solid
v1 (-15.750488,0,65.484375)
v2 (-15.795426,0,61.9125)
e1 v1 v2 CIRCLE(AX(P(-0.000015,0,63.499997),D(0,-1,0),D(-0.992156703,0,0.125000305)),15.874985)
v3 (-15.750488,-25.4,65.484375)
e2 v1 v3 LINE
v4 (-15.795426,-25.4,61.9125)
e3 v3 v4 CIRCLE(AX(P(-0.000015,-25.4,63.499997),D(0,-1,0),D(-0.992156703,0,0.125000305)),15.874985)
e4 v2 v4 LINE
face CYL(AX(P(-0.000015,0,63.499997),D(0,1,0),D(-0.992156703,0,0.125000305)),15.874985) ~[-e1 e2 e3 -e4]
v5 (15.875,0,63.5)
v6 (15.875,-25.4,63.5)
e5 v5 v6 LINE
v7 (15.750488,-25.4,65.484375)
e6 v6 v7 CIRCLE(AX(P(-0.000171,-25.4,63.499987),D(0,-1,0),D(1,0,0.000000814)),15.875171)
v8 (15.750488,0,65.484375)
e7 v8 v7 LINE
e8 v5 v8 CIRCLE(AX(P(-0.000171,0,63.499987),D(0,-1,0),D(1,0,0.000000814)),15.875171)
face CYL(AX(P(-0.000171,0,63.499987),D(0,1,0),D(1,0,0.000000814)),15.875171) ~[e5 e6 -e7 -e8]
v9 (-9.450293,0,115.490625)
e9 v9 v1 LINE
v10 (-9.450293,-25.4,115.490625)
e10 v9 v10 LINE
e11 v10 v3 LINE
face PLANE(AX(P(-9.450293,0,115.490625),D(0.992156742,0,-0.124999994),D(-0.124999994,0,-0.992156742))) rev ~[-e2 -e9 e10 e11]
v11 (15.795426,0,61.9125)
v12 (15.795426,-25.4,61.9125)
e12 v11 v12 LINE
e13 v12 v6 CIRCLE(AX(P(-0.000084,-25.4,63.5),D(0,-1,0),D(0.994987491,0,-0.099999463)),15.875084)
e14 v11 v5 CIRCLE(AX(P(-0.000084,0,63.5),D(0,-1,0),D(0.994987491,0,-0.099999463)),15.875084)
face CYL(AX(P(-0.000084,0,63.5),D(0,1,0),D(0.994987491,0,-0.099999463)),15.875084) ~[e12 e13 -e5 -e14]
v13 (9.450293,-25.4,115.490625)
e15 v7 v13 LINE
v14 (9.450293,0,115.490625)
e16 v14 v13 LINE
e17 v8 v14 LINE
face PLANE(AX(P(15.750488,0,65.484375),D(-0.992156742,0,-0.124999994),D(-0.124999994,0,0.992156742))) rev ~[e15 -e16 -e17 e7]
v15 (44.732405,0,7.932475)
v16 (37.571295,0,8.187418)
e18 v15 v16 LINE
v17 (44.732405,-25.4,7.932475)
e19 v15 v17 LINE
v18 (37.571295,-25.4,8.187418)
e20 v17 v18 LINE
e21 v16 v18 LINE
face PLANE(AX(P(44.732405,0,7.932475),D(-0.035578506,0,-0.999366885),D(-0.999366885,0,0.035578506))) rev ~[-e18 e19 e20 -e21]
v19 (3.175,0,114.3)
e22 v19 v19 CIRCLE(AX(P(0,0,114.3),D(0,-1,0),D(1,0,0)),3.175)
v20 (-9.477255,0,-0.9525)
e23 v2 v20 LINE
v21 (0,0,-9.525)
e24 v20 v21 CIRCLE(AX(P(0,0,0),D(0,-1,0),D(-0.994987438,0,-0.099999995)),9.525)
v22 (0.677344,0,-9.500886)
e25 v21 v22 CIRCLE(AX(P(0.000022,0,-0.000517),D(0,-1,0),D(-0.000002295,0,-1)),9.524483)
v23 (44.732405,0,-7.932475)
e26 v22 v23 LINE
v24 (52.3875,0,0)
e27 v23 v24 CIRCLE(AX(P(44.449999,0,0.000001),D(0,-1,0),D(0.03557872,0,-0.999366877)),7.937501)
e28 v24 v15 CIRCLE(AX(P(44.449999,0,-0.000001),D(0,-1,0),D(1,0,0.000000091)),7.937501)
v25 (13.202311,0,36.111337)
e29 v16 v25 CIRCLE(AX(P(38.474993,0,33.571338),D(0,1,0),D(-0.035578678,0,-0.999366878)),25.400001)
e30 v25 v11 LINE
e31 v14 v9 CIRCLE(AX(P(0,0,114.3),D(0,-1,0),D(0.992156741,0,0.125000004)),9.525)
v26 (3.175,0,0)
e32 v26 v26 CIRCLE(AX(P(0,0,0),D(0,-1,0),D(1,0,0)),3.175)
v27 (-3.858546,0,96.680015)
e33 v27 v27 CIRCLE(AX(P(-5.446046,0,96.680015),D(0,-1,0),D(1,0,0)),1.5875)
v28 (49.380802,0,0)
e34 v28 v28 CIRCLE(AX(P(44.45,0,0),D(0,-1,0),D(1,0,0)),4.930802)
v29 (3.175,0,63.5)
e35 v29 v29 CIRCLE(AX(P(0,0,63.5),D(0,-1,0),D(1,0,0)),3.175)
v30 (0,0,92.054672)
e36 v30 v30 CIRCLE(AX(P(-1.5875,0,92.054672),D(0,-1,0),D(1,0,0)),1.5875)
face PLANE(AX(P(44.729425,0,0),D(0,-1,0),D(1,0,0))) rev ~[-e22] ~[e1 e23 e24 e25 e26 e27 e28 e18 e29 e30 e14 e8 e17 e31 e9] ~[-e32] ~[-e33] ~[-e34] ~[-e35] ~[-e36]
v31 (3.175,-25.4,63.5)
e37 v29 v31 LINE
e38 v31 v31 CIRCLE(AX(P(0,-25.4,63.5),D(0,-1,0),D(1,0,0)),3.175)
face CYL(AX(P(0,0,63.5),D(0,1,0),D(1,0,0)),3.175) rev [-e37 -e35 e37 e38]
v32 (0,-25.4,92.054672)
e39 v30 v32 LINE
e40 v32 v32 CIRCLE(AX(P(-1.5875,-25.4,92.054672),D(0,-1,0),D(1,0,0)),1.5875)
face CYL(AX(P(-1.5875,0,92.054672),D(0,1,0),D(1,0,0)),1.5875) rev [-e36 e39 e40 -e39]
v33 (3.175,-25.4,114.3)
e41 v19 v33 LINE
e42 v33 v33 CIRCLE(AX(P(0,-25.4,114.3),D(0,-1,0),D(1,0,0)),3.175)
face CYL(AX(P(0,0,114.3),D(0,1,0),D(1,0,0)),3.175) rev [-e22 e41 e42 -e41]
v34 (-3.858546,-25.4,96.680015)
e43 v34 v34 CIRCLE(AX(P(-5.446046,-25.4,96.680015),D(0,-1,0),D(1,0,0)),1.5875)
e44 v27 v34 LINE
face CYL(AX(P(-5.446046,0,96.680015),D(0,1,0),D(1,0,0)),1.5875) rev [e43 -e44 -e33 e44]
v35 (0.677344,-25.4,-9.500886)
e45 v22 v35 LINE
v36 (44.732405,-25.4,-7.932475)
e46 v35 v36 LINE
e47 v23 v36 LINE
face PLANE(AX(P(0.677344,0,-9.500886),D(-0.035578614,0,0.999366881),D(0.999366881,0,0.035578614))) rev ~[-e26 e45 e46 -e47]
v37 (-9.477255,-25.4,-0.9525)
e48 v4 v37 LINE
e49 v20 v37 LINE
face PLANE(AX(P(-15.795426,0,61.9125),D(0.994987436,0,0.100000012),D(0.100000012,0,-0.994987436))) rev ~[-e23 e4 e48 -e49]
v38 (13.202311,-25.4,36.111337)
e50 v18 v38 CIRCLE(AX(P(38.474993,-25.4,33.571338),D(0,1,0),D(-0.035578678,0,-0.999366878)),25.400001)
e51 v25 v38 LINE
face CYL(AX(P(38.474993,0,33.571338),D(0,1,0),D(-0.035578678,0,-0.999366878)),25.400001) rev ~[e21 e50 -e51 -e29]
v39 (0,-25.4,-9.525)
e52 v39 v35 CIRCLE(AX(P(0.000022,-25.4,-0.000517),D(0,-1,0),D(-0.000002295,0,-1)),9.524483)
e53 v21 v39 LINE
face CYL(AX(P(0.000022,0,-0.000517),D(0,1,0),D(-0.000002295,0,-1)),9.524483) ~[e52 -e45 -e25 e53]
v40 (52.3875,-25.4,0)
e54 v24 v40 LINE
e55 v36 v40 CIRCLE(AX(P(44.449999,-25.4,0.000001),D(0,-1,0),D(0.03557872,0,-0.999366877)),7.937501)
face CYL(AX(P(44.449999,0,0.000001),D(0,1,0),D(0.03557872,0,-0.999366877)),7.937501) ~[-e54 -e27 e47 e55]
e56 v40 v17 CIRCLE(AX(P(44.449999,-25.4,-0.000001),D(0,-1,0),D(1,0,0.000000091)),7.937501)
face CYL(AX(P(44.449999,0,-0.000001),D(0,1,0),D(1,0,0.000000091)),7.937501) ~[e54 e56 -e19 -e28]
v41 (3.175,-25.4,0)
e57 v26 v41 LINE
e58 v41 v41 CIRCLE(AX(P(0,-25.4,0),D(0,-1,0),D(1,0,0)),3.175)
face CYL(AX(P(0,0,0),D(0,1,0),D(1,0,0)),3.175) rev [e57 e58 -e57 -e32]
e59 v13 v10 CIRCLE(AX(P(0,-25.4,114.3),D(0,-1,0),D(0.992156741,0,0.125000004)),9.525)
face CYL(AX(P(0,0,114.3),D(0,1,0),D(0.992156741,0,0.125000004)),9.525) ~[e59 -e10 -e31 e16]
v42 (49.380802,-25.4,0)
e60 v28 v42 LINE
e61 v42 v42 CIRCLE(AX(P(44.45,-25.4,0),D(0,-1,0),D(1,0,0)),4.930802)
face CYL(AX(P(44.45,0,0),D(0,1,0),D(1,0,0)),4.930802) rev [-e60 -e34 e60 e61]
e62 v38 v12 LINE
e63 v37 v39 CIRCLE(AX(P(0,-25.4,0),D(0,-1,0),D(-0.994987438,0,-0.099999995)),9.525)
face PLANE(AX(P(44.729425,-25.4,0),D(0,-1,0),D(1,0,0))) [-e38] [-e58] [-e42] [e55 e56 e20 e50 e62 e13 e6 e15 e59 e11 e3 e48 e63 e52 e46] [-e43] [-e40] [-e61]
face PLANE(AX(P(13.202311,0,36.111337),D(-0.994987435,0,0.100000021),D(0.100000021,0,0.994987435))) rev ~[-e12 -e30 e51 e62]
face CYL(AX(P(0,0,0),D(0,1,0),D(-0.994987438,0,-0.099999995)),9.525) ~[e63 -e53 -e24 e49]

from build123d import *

# Parameters (mm, degrees)
F0_R     = 4.930802
F0_R_2   = 3.175
F0_R_3   = 1.5875
F1_DEPTH = 25.4


with BuildPart() as f1:
    # F0 (on Front) → F1 (new body)
    with BuildSketch(Plane.XZ):
        with BuildLine():
            ThreePointArc((44.732405, -7.932475), (50.161633, -5.51191), (52.3875, 0))
            ThreePointArc((52.3875, 0), (50.161633, 5.51191), (44.732405, 7.932475))
            ThreePointArc((44.732405, 7.932475), (36.5125, 0), (44.732405, -7.932475))
        make_face()
        with Locations((44.45, 0)):
            Circle(F0_R, mode=Mode.SUBTRACT)
        with BuildLine():
            ThreePointArc((44.732405, -7.932475), (36.5125, 0), (44.732405, 7.932475))
            Line((44.732405, 7.932475), (37.571295, 8.187418))
            ThreePointArc((37.571295, 8.187418), (19.337673, 16.870349), (13.202311, 36.111337))
            Line((13.202311, 36.111337), (15.795426, 61.9125))
            ThreePointArc((15.795426, 61.9125), (0, 47.625), (-15.795426, 61.9125))
            Line((-15.795426, 61.9125), (-9.477255, -0.9525))
            ThreePointArc((-9.477255, -0.9525), (-0.476848, 9.513056), (9.525, 0))
            ThreePointArc((9.525, 0), (6.970557, -6.491299), (0.677344, -9.500886))
            Line((0.677344, -9.500886), (44.732405, -7.932475))
        make_face()
        with BuildLine():
            Line((0, -9.525), (0.677344, -9.500886))
            ThreePointArc((0.677344, -9.500886), (6.970557, -6.491299), (9.525, 0))
            ThreePointArc((9.525, 0), (-0.476848, 9.513056), (-9.477255, -0.9525))
            ThreePointArc((-9.477255, -0.9525), (-6.389564, -7.063929), (0, -9.525))
        make_face()
        Circle(F0_R_2, mode=Mode.SUBTRACT)
        with BuildLine():
            ThreePointArc((0, -9.525), (0.338886, -9.51897), (0.677344, -9.500886))
            Line((0.677344, -9.500886), (0, -9.525))
        make_face()
        with BuildLine():
            ThreePointArc((-15.795426, 61.9125), (0, 47.625), (15.795426, 61.9125))
            ThreePointArc((15.795426, 61.9125), (15.855094, 62.705253), (15.875, 63.5))
            ThreePointArc((15.875, 63.5), (15.843841, 64.494139), (15.750488, 65.484375))
            ThreePointArc((15.750488, 65.484375), (0, 79.375), (-15.750488, 65.484375))
            ThreePointArc((-15.750488, 65.484375), (-15.873744, 63.699705), (-15.795426, 61.9125))
        make_face()
        with Locations((0, 63.5)):
            Circle(F0_R_2, mode=Mode.SUBTRACT)
        with BuildLine():
            Line((-9.450293, 115.490625), (-15.750488, 65.484375))
            ThreePointArc((-15.750488, 65.484375), (0, 79.375), (15.750488, 65.484375))
            Line((15.750488, 65.484375), (9.450293, 115.490625))
            ThreePointArc((9.450293, 115.490625), (9.506305, 114.896483), (9.525, 114.3))
            ThreePointArc((9.525, 114.3), (-0.596483, 104.793695), (-9.450293, 115.490625))
        make_face()
        with Locations((-5.446046, 96.680015)):
            Circle(F0_R_3, mode=Mode.SUBTRACT)
        with Locations((-1.5875, 92.054672)):
            Circle(F0_R_3, mode=Mode.SUBTRACT)
        with BuildLine():
            ThreePointArc((9.450293, 115.490625), (0, 123.825), (-9.450293, 115.490625))
            ThreePointArc((-9.450293, 115.490625), (-0.596483, 104.793695), (9.525, 114.3))
            ThreePointArc((9.525, 114.3), (9.506305, 114.896483), (9.450293, 115.490625))
        make_face()
        with Locations((0, 114.3)):
            Circle(F0_R_2, mode=Mode.SUBTRACT)
    extrude(amount=F1_DEPTH)


solid = f1.part
